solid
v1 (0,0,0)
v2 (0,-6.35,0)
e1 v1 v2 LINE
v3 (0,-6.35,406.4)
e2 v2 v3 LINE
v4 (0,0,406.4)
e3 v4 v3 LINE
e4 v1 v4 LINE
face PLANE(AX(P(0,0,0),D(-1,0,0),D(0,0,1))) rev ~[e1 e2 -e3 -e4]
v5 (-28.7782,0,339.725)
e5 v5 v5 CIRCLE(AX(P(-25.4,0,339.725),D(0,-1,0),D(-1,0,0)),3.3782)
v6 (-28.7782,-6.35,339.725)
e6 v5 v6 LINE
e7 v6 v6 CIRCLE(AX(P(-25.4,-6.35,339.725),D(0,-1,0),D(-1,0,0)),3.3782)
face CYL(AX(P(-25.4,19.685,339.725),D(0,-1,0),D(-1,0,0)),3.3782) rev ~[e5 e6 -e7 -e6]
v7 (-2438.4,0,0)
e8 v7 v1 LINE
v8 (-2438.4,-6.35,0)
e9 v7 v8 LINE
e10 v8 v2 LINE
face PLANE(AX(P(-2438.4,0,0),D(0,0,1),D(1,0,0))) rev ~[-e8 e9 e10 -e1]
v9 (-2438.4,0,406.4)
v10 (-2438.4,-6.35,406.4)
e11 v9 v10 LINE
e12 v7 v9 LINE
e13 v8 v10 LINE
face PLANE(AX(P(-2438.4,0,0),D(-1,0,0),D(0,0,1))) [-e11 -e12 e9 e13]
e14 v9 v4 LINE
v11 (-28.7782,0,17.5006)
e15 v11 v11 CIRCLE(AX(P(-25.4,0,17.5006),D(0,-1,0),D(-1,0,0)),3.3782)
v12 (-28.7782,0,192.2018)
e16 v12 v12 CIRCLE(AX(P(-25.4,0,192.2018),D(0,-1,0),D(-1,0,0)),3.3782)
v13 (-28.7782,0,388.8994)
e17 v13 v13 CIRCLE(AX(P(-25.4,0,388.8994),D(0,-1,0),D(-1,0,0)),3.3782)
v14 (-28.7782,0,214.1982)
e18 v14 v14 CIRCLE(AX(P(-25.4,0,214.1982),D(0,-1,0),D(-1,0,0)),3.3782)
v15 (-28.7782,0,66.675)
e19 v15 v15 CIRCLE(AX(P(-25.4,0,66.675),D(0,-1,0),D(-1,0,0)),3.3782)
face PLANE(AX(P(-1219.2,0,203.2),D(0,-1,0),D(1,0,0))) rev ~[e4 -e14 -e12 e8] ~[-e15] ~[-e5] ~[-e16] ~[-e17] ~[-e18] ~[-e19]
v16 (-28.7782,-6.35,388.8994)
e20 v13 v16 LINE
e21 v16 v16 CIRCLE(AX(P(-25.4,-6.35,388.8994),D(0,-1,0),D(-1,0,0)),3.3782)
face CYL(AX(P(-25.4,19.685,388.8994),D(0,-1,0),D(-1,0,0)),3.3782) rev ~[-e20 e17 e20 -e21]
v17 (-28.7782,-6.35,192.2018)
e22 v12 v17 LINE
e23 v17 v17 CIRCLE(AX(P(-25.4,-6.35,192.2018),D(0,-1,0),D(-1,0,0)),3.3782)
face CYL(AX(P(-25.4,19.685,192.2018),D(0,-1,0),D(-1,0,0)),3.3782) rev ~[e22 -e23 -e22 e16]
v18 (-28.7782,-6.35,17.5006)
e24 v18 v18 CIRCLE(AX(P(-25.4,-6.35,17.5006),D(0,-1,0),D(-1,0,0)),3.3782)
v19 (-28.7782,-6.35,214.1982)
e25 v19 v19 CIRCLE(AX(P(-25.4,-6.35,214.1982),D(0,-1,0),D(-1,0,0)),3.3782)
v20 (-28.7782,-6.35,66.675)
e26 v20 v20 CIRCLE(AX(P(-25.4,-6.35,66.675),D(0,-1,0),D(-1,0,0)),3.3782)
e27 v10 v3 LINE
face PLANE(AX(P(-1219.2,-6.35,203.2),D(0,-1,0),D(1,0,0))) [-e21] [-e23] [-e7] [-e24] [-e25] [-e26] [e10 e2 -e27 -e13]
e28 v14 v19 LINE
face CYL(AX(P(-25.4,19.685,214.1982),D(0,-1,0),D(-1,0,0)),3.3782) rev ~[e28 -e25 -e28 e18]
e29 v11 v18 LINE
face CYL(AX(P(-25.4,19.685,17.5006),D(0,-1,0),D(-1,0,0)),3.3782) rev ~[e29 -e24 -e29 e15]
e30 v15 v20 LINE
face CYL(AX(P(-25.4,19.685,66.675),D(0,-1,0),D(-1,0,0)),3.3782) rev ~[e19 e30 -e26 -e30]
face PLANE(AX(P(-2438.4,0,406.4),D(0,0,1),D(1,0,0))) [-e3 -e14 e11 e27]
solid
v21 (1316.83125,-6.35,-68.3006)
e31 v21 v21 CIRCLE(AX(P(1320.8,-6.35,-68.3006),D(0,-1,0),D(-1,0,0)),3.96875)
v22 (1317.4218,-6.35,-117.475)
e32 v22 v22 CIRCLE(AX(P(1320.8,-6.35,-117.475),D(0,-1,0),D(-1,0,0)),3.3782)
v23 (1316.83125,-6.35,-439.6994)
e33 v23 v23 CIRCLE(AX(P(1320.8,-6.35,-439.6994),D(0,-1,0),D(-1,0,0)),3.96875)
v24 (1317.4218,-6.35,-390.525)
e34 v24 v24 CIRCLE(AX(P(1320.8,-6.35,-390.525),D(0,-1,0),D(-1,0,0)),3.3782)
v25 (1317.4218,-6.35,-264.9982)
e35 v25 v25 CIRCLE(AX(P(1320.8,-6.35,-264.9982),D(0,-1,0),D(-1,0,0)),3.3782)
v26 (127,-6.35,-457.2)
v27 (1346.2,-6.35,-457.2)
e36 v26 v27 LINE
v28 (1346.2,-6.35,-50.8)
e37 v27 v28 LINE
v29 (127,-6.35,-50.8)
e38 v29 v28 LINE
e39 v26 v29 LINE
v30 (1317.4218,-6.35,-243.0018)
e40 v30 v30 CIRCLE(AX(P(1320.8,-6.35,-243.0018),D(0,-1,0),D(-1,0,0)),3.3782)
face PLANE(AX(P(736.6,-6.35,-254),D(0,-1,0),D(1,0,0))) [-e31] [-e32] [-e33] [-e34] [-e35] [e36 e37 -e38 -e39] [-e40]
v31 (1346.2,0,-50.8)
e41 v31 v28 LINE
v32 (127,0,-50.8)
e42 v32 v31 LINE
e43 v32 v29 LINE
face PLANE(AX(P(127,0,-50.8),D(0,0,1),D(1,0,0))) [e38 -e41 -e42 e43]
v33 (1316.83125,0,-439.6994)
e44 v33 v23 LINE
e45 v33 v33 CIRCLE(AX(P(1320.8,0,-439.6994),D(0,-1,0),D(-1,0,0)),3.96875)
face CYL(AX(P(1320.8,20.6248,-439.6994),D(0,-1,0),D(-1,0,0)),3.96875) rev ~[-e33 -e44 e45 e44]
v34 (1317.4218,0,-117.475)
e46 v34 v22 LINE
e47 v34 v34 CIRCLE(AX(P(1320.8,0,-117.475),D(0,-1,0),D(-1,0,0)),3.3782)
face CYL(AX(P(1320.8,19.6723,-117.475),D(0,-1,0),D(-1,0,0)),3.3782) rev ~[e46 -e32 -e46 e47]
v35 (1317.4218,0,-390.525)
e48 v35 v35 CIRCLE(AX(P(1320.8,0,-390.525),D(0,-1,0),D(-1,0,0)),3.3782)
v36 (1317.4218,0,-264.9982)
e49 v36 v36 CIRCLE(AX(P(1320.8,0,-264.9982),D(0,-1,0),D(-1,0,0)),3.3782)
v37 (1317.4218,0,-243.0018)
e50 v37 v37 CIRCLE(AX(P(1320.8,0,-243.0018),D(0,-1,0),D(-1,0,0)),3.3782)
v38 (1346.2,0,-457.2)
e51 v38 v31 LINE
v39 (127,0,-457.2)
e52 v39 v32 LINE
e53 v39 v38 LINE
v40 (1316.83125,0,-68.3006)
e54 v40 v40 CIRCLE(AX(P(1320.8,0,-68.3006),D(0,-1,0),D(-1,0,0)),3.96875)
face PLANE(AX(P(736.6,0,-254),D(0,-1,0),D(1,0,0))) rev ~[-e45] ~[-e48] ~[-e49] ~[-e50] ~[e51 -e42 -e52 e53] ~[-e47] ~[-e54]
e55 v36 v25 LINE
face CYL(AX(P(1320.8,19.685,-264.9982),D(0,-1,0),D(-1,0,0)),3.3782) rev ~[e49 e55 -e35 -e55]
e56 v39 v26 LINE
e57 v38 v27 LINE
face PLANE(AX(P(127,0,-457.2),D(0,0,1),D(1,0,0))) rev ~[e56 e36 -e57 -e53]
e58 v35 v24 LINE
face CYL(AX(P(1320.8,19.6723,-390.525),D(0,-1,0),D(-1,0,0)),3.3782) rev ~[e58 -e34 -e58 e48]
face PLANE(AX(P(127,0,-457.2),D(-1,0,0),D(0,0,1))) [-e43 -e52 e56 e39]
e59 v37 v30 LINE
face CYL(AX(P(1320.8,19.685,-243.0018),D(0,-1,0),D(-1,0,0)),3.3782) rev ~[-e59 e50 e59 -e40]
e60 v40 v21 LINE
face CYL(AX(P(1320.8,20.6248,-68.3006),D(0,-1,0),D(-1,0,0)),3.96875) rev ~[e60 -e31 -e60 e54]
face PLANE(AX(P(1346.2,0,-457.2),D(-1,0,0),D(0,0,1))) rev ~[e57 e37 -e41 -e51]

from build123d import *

# Parameters (mm, degrees)
F0_W     = 2438.4
F0_H     = 406.4
F1_DEPTH = 6.35
F2_W     = 1219.2
F2_H     = 406.4
F3_DEPTH = 6.35
F4_D     = 7.9375
F4_DEPTH = 20.6248
F4_TIP   = 2.3846655818
F5_D     = 6.7564
F5_DEPTH = 19.6723
F5_TIP   = 2.0298273432
F6_D     = 6.7564
F6_DEPTH = 19.685
F6_TIP   = 2.0298273432
F7_D     = 6.7564
F7_DEPTH = 19.685
F7_TIP   = 2.0298273432
F8_D     = 6.7564
F8_DEPTH = 19.685
F8_TIP   = 2.0298273432


with BuildPart() as f1:
    # F0 (on Front) → F1 (new body)
    with BuildSketch(Plane.XZ):
        with Locations((-1219.2, 203.2)):
            Rectangle(F0_W, F0_H)
    extrude(amount=F1_DEPTH)

    # F6
    with Locations(Plane(origin=(0, 0, 0), x_dir=(1, 0, 0), z_dir=(0, 1, 0))):
        with Locations((-25.4, -388.8994), (-25.4, -339.725), (-25.4, -66.675), (-25.4, -17.5006)):
            Hole(F6_D / 2, depth=F6_DEPTH)
            with Locations((0, 0, -(F6_DEPTH + F6_TIP / 2))):  # 118° drill point
                Cone(0, F6_D / 2, F6_TIP, mode=Mode.SUBTRACT)

    # F7
    with Locations(Plane(origin=(0, 0, 0), x_dir=(1, 0, 0), z_dir=(0, 1, 0))):
        with Locations((-25.4, -214.1982), (-25.4, -192.2018)):
            Hole(F7_D / 2, depth=F7_DEPTH)
            with Locations((0, 0, -(F7_DEPTH + F7_TIP / 2))):  # 118° drill point
                Cone(0, F7_D / 2, F7_TIP, mode=Mode.SUBTRACT)


with BuildPart() as f3:
    # F2 (on Front) → F3 (new body)
    with BuildSketch(Plane.XZ):
        with Locations((736.6, -254)):
            Rectangle(F2_W, F2_H)
    extrude(amount=F3_DEPTH)

    # F4
    with Locations(Plane(origin=(0, 0, 0), x_dir=(1, 0, 0), z_dir=(0, 1, 0))):
        with Locations((1320.8, 68.3006), (1320.8, 439.6994)):
            Hole(F4_D / 2, depth=F4_DEPTH)
            with Locations((0, 0, -(F4_DEPTH + F4_TIP / 2))):  # 118° drill point
                Cone(0, F4_D / 2, F4_TIP, mode=Mode.SUBTRACT)

    # F5
    with Locations(Plane(origin=(0, 0, 0), x_dir=(1, 0, 0), z_dir=(0, 1, 0))):
        with Locations((1320.8, 68.3006), (1320.8, 117.475), (1320.8, 390.525), (1320.8, 439.6994)):
            Hole(F5_D / 2, depth=F5_DEPTH)
            with Locations((0, 0, -(F5_DEPTH + F5_TIP / 2))):  # 118° drill point
                Cone(0, F5_D / 2, F5_TIP, mode=Mode.SUBTRACT)

    # F8
    with Locations(Plane(origin=(0, 0, 0), x_dir=(1, 0, 0), z_dir=(0, 1, 0))):
        with Locations((1320.8, 243.0018), (1320.8, 264.9982)):
            Hole(F8_D / 2, depth=F8_DEPTH)
            with Locations((0, 0, -(F8_DEPTH + F8_TIP / 2))):  # 118° drill point
                Cone(0, F8_D / 2, F8_TIP, mode=Mode.SUBTRACT)


solid = Compound([f1.part, f3.part])
